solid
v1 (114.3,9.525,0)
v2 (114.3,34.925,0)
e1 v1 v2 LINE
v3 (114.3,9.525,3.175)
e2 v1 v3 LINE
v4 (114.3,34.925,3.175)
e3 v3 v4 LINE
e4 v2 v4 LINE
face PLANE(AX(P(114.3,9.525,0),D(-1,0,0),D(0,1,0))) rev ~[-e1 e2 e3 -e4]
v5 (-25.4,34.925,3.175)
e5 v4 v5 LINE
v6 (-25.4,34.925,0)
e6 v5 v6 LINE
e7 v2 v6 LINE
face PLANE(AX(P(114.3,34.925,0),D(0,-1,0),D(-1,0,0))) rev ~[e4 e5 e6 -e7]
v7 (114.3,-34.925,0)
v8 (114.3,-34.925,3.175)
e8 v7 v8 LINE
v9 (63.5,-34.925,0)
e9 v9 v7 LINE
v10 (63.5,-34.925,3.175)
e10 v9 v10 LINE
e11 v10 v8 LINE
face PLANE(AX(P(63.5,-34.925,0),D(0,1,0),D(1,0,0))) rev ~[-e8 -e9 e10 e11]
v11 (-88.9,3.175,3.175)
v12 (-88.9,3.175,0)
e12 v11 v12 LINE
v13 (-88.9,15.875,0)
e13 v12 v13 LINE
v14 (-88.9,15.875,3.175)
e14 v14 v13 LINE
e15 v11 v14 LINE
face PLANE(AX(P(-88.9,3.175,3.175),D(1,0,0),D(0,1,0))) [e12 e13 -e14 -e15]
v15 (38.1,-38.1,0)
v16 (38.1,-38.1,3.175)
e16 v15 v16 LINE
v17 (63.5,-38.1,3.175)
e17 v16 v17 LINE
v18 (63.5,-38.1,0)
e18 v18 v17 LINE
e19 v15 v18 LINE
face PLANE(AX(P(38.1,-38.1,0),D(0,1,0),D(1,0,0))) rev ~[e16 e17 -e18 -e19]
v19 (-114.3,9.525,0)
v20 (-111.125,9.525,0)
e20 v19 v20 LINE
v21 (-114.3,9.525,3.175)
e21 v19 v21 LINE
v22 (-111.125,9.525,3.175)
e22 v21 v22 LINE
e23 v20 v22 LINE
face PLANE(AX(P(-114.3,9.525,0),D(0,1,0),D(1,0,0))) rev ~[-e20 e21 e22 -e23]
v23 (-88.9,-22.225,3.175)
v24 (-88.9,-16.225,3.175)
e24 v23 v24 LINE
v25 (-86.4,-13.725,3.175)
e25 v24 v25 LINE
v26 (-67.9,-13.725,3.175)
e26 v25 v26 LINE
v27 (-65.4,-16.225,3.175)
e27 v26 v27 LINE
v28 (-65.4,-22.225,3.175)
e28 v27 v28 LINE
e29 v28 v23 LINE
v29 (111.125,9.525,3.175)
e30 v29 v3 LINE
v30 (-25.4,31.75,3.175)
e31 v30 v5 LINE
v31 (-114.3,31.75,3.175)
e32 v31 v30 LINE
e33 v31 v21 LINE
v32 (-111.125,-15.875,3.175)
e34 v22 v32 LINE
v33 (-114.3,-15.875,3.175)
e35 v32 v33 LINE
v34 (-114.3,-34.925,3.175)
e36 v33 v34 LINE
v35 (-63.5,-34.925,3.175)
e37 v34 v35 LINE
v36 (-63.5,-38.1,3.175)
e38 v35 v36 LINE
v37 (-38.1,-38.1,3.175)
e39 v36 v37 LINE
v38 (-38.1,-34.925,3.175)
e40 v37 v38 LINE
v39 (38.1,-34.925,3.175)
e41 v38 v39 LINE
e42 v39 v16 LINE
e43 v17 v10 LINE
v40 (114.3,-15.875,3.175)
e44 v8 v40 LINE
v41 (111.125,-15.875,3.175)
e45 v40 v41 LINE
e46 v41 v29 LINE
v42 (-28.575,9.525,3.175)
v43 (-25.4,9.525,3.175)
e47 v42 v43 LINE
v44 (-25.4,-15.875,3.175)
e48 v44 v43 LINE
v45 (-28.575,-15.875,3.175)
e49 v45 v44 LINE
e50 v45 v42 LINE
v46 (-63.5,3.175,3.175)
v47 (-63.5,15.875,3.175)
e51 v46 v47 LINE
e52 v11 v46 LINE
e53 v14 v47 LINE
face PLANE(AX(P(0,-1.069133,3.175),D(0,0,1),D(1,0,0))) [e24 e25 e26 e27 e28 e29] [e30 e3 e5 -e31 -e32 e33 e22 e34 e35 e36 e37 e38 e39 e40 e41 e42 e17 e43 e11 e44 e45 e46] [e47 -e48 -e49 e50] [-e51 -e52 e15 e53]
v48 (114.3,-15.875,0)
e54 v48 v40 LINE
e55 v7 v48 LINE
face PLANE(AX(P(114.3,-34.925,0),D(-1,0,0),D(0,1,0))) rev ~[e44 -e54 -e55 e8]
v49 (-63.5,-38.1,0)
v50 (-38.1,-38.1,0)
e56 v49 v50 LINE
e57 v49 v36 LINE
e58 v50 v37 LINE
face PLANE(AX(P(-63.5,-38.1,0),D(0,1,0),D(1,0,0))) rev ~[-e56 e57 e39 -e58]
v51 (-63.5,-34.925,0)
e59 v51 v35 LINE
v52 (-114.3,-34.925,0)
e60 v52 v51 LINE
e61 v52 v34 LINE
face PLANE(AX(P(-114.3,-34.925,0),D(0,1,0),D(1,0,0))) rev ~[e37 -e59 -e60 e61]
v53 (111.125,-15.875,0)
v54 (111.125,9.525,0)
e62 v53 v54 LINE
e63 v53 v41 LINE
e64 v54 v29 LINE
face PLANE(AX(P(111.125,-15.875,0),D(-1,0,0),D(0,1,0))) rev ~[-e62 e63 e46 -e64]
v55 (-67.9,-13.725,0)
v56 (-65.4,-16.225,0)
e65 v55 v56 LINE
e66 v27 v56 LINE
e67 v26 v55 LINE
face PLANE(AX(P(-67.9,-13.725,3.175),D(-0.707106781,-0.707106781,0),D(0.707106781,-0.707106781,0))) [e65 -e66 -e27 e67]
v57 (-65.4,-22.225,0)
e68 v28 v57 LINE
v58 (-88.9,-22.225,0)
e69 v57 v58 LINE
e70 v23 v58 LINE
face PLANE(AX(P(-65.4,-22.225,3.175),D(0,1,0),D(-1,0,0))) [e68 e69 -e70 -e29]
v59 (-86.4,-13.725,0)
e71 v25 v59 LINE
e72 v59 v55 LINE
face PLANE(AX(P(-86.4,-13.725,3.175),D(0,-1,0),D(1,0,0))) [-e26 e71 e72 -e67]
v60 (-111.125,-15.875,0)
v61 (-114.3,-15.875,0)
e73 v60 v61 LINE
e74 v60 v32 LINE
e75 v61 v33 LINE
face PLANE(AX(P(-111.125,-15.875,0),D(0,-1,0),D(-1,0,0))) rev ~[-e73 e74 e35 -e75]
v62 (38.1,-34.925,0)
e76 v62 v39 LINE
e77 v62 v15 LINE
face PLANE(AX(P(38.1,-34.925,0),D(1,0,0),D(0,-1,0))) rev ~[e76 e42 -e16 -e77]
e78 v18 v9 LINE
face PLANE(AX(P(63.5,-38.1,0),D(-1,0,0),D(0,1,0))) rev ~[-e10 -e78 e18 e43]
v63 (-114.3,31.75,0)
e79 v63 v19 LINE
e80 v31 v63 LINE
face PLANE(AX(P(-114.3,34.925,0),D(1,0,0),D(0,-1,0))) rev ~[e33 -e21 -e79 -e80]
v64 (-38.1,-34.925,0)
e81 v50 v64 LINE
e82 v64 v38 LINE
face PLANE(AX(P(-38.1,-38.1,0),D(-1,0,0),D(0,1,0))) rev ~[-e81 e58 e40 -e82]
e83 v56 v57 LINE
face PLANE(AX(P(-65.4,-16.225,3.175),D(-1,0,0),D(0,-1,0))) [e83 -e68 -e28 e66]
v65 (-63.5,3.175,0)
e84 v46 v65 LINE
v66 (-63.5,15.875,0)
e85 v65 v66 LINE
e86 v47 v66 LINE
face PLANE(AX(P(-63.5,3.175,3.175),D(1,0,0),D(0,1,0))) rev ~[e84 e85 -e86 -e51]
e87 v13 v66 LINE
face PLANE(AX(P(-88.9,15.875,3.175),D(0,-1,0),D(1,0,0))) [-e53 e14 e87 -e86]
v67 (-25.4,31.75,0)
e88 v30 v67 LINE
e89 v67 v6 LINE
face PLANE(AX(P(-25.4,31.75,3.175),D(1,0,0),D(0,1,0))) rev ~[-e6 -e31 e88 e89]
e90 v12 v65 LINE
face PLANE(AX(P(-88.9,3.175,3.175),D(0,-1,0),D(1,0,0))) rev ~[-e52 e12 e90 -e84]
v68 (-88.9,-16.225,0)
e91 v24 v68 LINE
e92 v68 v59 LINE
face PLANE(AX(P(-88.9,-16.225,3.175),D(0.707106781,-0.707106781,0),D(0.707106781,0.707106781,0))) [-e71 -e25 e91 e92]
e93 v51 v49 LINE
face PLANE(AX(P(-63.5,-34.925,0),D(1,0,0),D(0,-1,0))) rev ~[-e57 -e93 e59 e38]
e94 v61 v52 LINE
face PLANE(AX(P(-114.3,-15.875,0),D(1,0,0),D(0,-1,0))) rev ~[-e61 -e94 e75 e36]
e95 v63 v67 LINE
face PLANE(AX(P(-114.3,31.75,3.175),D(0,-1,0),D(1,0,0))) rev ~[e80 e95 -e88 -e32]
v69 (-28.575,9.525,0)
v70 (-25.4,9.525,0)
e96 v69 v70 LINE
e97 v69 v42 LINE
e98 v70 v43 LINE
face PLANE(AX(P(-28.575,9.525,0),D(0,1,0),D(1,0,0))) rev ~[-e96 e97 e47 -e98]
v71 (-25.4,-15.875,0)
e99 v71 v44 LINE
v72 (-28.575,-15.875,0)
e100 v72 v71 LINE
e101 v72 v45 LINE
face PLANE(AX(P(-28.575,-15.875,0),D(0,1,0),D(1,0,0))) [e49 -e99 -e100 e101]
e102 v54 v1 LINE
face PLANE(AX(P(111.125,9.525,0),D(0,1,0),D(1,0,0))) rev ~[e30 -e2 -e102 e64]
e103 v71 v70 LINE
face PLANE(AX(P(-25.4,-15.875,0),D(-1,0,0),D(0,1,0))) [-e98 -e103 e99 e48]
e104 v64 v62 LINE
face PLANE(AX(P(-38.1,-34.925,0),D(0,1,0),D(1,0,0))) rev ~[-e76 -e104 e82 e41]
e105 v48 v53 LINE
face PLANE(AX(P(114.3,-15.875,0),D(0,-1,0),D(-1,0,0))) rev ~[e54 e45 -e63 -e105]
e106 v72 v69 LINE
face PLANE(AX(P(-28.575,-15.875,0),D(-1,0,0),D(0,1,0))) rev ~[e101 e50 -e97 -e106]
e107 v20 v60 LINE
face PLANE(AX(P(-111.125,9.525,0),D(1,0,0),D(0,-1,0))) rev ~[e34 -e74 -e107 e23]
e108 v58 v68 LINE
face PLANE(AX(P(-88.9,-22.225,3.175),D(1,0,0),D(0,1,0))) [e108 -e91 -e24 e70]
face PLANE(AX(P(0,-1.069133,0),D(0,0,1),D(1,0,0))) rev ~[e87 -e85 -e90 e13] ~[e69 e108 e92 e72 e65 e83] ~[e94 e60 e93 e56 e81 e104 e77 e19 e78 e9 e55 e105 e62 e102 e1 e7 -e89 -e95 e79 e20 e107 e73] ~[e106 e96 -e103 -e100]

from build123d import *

# Parameters (mm, degrees)
SKETCH1_W           = 3.175
SKETCH1_H           = 25.4
BOSS_EXTRUDE1_DEPTH = 3.175
SKETCH2_W           = 25.4
SKETCH2_H           = 12.7
CUT_EXTRUDE1_DEPTH  = 4.175
SKETCH3_W           = 88.9
SKETCH3_H           = 3.175
CUT_EXTRUDE2_DEPTH  = 4.175


with BuildPart() as part:
    # Sketch1 → Boss-Extrude1 (new body)
    with BuildSketch(Plane.XY):
        Polygon((-114.3, 34.925), (-114.3, 9.525), (-111.125, 9.525), (-111.125, -15.875), (-114.3, -15.875), (-114.3, -34.925), (-63.5, -34.925), (-63.5, -38.1), (-38.1, -38.1), (-38.1, -34.925), (38.1, -34.925), (38.1, -38.1), (63.5, -38.1), (63.5, -34.925), (114.3, -34.925), (114.3, -15.875), (111.125, -15.875), (111.125, 9.525), (114.3, 9.525), (114.3, 34.925), align=None)
        with Locations((-26.9875, -3.175)):
            Rectangle(SKETCH1_W, SKETCH1_H, mode=Mode.SUBTRACT)
    extrude(amount=BOSS_EXTRUDE1_DEPTH)

    # Sketch2 → Cut-Extrude1 (cut, through all)
    with BuildSketch(Plane.XY.offset(3.175)):
        Polygon((-88.9, -16.225), (-86.4, -13.725), (-67.9, -13.725), (-65.4, -16.225), (-65.4, -22.225), (-88.9, -22.225), align=None)
        with Locations((-76.2, 9.525)):
            Rectangle(SKETCH2_W, SKETCH2_H)
    extrude(amount=-CUT_EXTRUDE1_DEPTH, mode=Mode.SUBTRACT)

    # Sketch3 → Cut-Extrude2 (cut, through all)
    with BuildSketch(Plane.XY.offset(3.175)):
        with Locations((-69.85, 33.3375)):
            Rectangle(SKETCH3_W, SKETCH3_H)
    extrude(amount=-CUT_EXTRUDE2_DEPTH, mode=Mode.SUBTRACT)


solid = part.part
